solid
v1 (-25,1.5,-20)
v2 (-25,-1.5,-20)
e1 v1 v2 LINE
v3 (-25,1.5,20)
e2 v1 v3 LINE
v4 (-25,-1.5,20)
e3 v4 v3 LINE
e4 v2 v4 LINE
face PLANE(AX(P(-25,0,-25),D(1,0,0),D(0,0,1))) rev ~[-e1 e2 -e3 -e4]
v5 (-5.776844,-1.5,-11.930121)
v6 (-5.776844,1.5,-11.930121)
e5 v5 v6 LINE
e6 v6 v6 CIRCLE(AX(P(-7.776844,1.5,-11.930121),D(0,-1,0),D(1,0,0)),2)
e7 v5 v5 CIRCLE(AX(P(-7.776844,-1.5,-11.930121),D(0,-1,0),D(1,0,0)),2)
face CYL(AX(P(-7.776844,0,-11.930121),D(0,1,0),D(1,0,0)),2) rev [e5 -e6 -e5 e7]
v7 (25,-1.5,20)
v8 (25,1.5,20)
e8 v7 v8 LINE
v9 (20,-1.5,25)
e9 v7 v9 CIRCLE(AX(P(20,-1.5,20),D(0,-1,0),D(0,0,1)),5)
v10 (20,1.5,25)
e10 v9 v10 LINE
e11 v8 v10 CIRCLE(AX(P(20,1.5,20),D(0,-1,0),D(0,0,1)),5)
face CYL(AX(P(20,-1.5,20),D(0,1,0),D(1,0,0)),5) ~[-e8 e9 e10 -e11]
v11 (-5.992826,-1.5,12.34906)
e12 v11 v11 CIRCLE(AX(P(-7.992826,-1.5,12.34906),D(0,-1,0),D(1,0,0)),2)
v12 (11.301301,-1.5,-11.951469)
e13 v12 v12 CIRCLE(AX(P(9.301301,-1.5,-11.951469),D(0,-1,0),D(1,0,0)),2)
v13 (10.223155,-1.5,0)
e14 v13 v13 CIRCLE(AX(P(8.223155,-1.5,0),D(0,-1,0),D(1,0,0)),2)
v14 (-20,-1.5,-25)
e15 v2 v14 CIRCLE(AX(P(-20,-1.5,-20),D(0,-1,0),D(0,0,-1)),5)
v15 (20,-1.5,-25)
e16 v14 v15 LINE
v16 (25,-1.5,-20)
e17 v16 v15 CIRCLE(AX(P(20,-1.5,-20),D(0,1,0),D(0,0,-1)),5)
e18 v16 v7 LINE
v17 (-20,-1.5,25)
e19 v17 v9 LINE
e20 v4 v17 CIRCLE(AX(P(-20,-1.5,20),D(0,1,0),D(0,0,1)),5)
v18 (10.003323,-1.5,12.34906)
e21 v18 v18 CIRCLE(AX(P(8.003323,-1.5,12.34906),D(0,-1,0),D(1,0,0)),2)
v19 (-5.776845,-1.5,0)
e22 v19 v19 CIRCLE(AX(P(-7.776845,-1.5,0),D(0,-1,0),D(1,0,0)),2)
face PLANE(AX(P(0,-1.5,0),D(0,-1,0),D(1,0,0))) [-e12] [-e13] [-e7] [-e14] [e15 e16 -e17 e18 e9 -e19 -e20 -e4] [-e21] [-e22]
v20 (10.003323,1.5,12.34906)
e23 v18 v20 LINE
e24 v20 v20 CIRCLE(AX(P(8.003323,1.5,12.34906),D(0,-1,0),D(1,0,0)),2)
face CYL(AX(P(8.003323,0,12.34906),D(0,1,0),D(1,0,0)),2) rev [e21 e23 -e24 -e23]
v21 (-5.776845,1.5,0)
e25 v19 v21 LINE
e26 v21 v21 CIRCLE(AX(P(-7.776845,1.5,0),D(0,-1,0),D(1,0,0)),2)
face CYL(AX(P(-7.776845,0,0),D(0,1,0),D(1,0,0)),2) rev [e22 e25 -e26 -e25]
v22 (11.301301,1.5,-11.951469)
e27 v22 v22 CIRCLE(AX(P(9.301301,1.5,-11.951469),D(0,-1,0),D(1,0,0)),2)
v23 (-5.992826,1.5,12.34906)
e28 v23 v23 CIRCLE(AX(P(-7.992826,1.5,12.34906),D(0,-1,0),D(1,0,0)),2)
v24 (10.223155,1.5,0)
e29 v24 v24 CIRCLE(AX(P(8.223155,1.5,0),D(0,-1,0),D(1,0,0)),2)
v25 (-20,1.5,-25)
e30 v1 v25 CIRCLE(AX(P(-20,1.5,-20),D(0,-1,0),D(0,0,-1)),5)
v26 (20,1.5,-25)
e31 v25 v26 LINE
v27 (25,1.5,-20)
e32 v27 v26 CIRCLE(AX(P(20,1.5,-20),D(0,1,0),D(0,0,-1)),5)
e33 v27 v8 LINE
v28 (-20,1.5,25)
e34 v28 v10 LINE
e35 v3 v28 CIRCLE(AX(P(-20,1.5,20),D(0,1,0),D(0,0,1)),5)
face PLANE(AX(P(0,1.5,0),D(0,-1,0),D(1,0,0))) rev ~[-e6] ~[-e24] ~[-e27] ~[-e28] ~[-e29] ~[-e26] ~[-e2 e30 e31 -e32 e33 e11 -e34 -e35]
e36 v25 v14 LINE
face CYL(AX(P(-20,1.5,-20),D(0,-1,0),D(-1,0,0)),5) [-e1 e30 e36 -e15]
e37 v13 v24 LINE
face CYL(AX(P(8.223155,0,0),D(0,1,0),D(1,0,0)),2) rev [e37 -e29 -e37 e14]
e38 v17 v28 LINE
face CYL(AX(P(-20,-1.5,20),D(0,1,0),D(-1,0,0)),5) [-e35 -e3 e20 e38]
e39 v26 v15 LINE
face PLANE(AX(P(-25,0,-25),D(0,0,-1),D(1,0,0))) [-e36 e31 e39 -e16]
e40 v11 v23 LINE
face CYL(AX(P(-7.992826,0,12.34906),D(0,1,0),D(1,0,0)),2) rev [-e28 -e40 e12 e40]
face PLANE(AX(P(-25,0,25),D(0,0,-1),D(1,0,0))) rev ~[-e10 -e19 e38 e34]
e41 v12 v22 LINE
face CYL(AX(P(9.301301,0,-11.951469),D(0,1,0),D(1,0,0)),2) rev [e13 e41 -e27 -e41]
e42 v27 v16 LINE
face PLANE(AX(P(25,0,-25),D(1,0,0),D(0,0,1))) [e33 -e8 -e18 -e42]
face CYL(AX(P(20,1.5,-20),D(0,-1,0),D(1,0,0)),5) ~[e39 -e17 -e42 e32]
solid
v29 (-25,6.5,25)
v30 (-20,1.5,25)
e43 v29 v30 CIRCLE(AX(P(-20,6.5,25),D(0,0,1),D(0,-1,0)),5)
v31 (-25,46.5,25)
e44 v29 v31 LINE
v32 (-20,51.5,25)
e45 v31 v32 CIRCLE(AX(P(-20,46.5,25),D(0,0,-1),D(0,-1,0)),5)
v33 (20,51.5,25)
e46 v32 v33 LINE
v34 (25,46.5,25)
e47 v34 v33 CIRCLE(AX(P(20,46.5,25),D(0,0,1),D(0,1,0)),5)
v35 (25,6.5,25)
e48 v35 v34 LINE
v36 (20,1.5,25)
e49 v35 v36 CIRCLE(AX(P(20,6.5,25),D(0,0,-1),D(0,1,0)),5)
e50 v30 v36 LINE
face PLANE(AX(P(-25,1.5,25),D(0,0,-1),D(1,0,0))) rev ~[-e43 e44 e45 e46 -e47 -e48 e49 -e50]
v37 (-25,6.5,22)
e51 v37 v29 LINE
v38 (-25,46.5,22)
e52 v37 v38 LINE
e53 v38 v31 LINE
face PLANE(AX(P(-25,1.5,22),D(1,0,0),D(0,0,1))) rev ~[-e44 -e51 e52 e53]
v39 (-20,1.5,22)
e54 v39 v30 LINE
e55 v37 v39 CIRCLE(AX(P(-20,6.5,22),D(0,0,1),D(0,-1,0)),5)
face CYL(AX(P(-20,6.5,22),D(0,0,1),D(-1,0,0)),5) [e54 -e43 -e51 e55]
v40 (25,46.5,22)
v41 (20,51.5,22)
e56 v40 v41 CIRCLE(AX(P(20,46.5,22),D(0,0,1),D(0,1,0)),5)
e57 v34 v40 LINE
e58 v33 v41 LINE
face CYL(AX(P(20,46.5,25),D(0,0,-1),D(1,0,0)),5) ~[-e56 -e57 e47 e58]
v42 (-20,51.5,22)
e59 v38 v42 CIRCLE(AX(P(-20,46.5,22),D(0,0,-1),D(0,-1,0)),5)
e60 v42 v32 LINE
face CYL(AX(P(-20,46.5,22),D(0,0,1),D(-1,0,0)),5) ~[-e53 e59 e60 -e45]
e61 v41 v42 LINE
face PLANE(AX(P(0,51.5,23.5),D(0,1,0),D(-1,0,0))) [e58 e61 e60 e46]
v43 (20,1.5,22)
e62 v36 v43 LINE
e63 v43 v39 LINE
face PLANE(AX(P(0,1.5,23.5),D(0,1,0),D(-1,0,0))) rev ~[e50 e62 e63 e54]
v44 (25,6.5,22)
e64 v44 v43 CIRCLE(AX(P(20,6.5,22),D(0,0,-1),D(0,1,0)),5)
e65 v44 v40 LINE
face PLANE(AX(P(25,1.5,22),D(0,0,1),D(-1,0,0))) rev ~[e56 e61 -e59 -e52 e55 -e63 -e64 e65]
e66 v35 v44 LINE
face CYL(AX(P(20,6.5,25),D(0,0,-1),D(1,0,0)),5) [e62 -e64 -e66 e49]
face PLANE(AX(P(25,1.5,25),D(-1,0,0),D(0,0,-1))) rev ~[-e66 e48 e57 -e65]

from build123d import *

# Parameters (mm, degrees)
F0_W     = 50
F0_H     = 50
F0_R     = 2
F1_DEPTH = 1.5
F2_R     = 5
F4_DEPTH = 50
F5_R     = 5
F6_R     = 2
F7_DEPTH = 1.5


with BuildPart() as f1:
    # F0 (on Front) → F1 (new body, symmetric)
    with BuildSketch(Plane.XZ):
        Rectangle(F0_W, F0_H)
        with Locations((-7.7768438496, -11.9301211089)):
            Circle(F0_R, mode=Mode.SUBTRACT)
        with Locations((9.3013007731, -11.9514685776)):
            Circle(F0_R, mode=Mode.SUBTRACT)
        with Locations((-7.7768452466, 0)):
            Circle(F0_R, mode=Mode.SUBTRACT)
        with Locations((-7.9928263848, 12.349060374)):
            Circle(F0_R, mode=Mode.SUBTRACT)
        with Locations((8.2231547534, 0)):
            Circle(F0_R, mode=Mode.SUBTRACT)
        with Locations((8.0033230286, 12.349060374)):
            Circle(F0_R, mode=Mode.SUBTRACT)
    extrude(amount=F1_DEPTH, both=True)

    # F2
    f2_edges = [f1.edges().sort_by_distance(p)[0] for p in [
        (-25, 0, 25),
        (25, 0, 25),
        (25, 0, -25),
        (-25, 0, -25),
    ]]
    fillet(f2_edges, radius=F2_R)

    # F6 (on Top) → F7 (cut, symmetric)
    with BuildSketch(Plane.XY):
        with Locations((-8.2328032677, 35.5820458521)):
            Circle(F6_R)
        with Locations((8.3375177012, 35.2487143148)):
            Circle(F6_R)
        with Locations((8.3375177012, 15.2487143148)):
            Circle(F6_R)
        with Locations((0, 25.2487143148)):
            Circle(F6_R)
        with Locations((-8.2328032677, 15.2487143148)):
            Circle(F6_R)
    extrude(amount=F7_DEPTH, both=True, mode=Mode.SUBTRACT)


with BuildPart() as f4:
    # F3 (on face) → F4 (new body)
    with BuildSketch(Plane(origin=(0, 1.5, 0), x_dir=(-1, 0, 0), z_dir=(0, 1, 0))):
        Polygon((25, 25), (-25, 25), (-25, 22), (0, 22), (25, 22), align=None)
    extrude(amount=F4_DEPTH)

    # F5
    f5_edges = [f4.edges().sort_by_distance(p)[0] for p in [
        (25, 1.5, 23.5),
        (-25, 1.5, 23.5),
        (25, 51.5, 23.5),
        (-25, 51.5, 23.5),
    ]]
    fillet(f5_edges, radius=F5_R)


solid = Compound([f1.part, f4.part])
